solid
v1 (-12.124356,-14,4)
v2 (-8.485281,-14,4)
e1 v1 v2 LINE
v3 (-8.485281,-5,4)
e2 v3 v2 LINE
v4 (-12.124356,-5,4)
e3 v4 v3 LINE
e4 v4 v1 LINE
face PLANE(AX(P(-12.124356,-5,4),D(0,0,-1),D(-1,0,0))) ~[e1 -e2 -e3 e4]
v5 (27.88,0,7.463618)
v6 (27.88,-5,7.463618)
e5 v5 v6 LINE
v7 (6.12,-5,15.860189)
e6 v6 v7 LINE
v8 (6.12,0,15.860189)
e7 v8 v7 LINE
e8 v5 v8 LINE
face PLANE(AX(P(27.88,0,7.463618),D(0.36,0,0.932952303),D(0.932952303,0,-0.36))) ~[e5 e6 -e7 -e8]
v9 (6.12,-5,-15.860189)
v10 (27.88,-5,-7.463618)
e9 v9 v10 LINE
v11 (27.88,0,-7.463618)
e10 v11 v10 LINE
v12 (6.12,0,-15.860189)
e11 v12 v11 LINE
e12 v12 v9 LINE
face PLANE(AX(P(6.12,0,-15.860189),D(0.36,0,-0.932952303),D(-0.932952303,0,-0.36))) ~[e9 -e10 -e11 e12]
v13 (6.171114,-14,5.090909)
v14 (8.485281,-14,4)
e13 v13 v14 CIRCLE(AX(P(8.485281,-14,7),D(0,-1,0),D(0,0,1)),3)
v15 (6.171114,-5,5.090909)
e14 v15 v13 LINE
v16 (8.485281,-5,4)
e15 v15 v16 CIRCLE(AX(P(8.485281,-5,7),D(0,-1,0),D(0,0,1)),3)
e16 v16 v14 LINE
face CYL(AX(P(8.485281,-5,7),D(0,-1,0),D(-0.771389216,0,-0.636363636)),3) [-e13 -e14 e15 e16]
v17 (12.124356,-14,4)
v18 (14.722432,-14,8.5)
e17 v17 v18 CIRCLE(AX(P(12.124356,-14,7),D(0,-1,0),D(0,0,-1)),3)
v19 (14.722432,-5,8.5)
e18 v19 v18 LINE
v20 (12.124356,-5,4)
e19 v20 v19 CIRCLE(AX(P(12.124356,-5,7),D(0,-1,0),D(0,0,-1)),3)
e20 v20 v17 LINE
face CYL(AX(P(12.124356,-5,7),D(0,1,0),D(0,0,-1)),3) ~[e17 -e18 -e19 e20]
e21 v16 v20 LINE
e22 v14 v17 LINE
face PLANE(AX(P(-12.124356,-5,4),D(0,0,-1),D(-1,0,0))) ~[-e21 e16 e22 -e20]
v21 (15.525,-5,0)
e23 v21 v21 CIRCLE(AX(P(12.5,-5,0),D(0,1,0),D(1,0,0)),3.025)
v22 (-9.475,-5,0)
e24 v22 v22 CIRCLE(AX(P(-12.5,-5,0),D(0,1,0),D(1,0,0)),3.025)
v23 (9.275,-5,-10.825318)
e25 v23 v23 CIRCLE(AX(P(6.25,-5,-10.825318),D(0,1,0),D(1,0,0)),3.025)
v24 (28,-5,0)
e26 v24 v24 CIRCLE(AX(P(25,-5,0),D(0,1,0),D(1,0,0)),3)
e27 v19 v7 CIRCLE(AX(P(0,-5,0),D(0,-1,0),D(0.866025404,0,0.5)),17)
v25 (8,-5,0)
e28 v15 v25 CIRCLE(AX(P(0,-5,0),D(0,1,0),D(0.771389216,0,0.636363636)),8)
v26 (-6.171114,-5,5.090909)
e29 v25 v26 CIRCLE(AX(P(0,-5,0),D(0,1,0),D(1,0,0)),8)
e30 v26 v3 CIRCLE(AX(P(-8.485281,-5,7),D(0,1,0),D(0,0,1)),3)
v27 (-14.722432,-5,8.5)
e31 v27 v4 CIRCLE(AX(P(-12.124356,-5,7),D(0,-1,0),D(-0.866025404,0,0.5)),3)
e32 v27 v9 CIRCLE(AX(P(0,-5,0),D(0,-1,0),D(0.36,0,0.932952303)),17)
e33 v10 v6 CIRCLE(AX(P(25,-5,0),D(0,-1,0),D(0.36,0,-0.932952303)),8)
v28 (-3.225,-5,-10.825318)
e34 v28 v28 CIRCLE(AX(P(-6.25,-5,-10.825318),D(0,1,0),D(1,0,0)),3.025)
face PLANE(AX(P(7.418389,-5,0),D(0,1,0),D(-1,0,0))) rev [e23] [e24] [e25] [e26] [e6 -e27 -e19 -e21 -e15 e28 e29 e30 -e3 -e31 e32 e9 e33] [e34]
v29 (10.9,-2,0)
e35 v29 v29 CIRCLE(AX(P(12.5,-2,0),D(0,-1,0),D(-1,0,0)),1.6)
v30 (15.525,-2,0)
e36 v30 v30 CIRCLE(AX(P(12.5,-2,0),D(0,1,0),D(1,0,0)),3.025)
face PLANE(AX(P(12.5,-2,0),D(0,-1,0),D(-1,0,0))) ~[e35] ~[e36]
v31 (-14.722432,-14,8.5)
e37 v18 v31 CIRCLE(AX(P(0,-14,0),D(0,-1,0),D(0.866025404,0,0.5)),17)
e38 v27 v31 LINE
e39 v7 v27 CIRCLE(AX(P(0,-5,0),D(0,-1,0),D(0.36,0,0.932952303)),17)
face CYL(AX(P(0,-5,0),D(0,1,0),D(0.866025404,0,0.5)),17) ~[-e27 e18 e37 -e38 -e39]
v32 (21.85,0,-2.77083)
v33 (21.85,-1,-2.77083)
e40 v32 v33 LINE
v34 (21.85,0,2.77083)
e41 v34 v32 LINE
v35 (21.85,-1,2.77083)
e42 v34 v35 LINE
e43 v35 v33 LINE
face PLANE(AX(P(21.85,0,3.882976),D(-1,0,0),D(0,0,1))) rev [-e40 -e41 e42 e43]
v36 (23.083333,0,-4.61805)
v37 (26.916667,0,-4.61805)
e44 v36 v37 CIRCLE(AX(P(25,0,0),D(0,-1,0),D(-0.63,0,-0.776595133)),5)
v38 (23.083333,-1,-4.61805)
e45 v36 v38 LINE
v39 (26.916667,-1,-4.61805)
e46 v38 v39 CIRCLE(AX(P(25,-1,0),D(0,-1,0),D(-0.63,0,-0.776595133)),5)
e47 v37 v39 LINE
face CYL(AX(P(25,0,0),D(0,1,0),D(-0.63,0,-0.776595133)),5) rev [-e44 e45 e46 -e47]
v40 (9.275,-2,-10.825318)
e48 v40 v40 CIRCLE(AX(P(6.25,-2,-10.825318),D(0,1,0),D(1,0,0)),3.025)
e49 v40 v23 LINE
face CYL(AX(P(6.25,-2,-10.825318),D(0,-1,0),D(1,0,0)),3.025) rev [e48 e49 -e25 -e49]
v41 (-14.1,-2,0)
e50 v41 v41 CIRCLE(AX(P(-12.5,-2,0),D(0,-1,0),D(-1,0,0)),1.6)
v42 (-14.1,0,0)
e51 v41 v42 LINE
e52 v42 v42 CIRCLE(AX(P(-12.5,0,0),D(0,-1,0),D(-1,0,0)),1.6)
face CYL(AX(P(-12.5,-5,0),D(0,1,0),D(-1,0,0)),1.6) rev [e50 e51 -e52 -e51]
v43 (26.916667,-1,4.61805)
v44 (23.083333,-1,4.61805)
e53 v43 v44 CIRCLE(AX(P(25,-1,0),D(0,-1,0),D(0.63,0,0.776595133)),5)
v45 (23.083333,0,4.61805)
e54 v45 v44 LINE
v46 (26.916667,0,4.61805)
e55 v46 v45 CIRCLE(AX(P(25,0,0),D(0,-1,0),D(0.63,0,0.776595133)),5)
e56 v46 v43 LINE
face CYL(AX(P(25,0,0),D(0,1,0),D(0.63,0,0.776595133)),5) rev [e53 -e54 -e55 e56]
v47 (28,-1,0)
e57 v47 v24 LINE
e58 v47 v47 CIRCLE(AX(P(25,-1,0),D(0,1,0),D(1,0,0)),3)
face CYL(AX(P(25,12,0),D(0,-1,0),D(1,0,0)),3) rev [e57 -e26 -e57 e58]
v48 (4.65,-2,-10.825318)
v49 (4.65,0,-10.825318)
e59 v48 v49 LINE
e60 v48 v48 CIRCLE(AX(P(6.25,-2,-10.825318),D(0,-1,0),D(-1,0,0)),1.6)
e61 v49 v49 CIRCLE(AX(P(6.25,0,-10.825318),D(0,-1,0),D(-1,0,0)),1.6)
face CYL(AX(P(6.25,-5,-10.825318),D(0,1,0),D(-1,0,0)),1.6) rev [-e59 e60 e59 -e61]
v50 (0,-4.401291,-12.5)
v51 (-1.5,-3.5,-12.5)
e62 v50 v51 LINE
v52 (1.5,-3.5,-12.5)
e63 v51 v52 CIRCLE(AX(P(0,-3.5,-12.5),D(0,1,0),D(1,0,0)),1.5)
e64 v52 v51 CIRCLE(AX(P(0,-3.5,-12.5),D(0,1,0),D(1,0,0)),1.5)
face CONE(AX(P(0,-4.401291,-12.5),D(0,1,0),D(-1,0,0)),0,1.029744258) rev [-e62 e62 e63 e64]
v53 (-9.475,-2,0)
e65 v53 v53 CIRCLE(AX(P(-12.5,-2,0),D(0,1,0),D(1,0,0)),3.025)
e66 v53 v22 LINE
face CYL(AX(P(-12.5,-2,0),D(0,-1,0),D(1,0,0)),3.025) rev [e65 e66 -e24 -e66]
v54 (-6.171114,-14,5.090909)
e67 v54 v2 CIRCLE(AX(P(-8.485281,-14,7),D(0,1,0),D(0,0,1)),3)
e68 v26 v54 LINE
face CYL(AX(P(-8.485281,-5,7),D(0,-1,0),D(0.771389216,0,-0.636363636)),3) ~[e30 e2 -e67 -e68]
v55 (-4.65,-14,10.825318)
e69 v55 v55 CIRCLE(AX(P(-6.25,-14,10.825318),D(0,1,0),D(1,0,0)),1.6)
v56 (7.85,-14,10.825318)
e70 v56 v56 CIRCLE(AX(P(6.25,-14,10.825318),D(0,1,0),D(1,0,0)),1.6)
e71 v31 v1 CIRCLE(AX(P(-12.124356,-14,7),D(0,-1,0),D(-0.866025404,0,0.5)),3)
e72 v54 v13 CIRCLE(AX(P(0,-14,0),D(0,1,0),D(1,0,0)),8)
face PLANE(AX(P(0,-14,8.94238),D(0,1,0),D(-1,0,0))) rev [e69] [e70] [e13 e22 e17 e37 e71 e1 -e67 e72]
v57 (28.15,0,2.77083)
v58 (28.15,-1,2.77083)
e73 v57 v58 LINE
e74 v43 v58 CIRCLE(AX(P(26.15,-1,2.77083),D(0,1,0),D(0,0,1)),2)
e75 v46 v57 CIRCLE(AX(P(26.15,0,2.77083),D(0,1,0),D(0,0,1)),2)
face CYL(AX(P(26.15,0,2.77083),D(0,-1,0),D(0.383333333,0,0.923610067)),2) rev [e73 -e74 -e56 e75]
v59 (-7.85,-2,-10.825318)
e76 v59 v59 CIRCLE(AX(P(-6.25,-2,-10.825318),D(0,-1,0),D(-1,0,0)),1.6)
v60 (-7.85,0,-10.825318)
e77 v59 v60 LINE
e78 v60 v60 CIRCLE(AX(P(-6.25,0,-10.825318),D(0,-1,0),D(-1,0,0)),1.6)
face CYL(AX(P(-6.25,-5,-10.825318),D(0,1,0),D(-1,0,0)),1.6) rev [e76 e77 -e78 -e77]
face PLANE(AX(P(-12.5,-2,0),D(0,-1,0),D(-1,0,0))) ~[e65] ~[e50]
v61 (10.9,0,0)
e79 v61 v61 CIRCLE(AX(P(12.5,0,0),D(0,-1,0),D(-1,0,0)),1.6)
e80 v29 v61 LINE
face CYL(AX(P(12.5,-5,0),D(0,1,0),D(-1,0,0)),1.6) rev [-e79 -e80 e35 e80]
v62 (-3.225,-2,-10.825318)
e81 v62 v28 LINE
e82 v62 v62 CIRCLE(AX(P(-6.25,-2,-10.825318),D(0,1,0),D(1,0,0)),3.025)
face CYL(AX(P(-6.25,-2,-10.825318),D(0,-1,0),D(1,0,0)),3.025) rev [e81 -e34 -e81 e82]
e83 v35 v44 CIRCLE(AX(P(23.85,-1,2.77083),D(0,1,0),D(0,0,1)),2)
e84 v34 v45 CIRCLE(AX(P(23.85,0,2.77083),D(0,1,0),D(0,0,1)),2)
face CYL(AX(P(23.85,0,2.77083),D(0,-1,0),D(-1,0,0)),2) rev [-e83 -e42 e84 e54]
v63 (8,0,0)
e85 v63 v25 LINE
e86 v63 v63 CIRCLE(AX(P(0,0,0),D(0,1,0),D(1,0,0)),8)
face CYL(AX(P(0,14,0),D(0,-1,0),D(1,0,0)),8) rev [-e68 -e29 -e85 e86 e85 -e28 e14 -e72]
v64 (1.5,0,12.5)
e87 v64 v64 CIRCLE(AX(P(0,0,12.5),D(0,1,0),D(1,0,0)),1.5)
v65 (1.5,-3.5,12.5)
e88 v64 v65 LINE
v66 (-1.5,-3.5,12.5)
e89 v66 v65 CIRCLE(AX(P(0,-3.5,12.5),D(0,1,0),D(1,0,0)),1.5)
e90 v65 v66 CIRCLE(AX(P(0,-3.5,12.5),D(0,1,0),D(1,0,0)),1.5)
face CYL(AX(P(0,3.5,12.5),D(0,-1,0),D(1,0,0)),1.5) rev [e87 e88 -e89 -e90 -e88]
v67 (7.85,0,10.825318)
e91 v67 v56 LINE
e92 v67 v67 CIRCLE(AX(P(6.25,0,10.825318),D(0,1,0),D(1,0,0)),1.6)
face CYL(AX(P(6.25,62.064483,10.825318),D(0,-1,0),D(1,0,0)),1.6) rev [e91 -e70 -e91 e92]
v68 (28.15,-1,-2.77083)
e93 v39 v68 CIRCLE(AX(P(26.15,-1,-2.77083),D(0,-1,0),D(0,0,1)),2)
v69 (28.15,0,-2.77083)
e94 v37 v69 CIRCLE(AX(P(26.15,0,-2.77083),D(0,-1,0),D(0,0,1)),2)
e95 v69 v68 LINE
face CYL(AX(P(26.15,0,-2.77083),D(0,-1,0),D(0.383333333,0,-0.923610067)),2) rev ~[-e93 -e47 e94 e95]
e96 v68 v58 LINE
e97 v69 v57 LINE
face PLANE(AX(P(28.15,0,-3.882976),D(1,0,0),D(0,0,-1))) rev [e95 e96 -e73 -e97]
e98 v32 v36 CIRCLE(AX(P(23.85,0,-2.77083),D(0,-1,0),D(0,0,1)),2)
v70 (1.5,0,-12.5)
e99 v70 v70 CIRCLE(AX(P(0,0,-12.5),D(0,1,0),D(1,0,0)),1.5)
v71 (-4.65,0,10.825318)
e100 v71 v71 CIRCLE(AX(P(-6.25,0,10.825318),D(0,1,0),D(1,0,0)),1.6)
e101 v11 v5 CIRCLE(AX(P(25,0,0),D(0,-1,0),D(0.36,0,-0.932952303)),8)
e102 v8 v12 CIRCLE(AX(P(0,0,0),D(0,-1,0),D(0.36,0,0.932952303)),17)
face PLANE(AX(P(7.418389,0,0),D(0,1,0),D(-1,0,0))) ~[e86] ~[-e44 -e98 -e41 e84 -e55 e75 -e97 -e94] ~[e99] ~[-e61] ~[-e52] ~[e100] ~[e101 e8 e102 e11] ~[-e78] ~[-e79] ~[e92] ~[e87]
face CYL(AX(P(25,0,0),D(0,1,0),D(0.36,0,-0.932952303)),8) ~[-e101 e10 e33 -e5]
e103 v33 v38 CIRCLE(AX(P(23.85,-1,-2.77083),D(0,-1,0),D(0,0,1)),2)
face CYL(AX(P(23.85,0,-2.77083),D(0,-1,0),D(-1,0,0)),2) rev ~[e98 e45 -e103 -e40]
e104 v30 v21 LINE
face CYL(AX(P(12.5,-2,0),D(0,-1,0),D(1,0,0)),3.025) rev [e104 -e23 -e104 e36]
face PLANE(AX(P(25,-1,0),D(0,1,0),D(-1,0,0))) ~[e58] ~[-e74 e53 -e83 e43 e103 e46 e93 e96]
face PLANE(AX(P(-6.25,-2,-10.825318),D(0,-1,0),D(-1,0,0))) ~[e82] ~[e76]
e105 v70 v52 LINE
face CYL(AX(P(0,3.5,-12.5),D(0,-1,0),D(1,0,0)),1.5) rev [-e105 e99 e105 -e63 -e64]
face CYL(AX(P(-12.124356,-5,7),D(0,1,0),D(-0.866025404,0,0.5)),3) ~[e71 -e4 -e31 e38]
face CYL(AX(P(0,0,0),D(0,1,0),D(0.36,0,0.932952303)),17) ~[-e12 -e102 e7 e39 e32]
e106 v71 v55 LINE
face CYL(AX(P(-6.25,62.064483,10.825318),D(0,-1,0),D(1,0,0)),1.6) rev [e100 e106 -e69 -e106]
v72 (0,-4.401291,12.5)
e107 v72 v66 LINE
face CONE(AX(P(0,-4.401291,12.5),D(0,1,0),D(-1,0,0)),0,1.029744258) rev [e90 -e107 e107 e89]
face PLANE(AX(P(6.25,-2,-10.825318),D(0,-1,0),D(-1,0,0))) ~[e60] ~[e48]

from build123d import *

# Parameters (mm, degrees)
EXTRUDE_1_DEPTH             = 5
EXTRUDE_2_DEPTH             = 9
CUT_EXTRUDE_1_DEPTH         = 1
HOLE_WIZARD_3_0_3_1_D       = 3
HOLE_WIZARD_3_0_3_1_DEPTH   = 3.5
HOLE_WIZARD_3_0_3_1_TIP     = 0.901290929
HOLE_WIZARD_3_0_3_2_D       = 3
HOLE_WIZARD_3_0_3_2_DEPTH   = 3.5
HOLE_WIZARD_3_0_3_2_TIP     = 0.901290929
HOLE_WIZARD_M31_D           = 3.2
HOLE_WIZARD_M31_CBORE_D     = 6.05
HOLE_WIZARD_M31_CBORE_DEPTH = 3
HOLE_WIZARD_16_0_16_1_D     = 16
HOLE_WIZARD_16_0_16_1_DEPTH = 14
HOLE_WIZARD_3_2_3_2_1_D     = 3.2
HOLE_WIZARD_6_0_6_1_D       = 6
HOLE_WIZARD_6_0_6_1_DEPTH   = 13
FILLET_1_R                  = 2
FILLET_2_R                  = 3


with BuildPart() as part:
    # Эскиз1 → Бобышка-Вытянуть1 (new body)
    with BuildSketch(Plane.XZ):
        with BuildLine():
            Line((6.12, -15.860189154), (27.88, -7.463618425))
            ThreePointArc((27.88, -7.463618425), (33, 0), (27.88, 7.463618425))
            Line((27.88, 7.463618425), (6.12, 15.860189154))
            ThreePointArc((6.12, 15.860189154), (-17, 0), (6.12, -15.860189154))
        make_face()
    extrude(amount=-EXTRUDE_1_DEPTH)

    # Эскиз2 → Бобышка-Вытянуть2 (add)
    with BuildSketch(Plane(origin=(0, 5, 0), x_dir=(-1, 0, 0), z_dir=(0, 1, 0))):
        with BuildLine():
            Line((12.124355653, 4), (-12.124355653, 4))
            ThreePointArc((-12.124355653, 4), (-14.722431864, 5.5), (-14.722431864, 8.5))
            ThreePointArc((-14.722431864, 8.5), (0, 17), (14.722431864, 8.5))
            ThreePointArc((14.722431864, 8.5), (14.722431864, 5.5), (12.124355653, 4))
        make_face()
    extrude(amount=EXTRUDE_2_DEPTH)

    # Эскиз3 → Вырез-Вытянуть1 (cut)
    with BuildSketch(Plane.XZ):
        with BuildLine():
            Line((21.85, 3.882975663), (21.85, -3.882975663))
            ThreePointArc((21.85, -3.882975663), (25, -5), (28.15, -3.882975663))
            Line((28.15, -3.882975663), (28.15, 3.882975663))
            ThreePointArc((28.15, 3.882975663), (25, 5), (21.85, 3.882975663))
        make_face()
    extrude(amount=-CUT_EXTRUDE_1_DEPTH, mode=Mode.SUBTRACT)

    # Диаметр отверстия Ø3.0 (3)1
    with Locations(Plane(origin=(0, 0, 0), x_dir=(-1, 0, 0), z_dir=(0, -1, 0))):
        with Locations((0, 12.5)):
            Hole(HOLE_WIZARD_3_0_3_1_D / 2, depth=HOLE_WIZARD_3_0_3_1_DEPTH)
            with Locations((0, 0, -(HOLE_WIZARD_3_0_3_1_DEPTH + HOLE_WIZARD_3_0_3_1_TIP / 2))):  # 118° drill point
                Cone(0, HOLE_WIZARD_3_0_3_1_D / 2, HOLE_WIZARD_3_0_3_1_TIP, mode=Mode.SUBTRACT)

    # Диаметр отверстия Ø3.0 (3)2
    with Locations(Plane(origin=(0, 0, 0), x_dir=(-1, 0, 0), z_dir=(0, -1, 0))):
        with Locations((0, -12.5)):
            Hole(HOLE_WIZARD_3_0_3_2_D / 2, depth=HOLE_WIZARD_3_0_3_2_DEPTH)
            with Locations((0, 0, -(HOLE_WIZARD_3_0_3_2_DEPTH + HOLE_WIZARD_3_0_3_2_TIP / 2))):  # 118° drill point
                Cone(0, HOLE_WIZARD_3_0_3_2_D / 2, HOLE_WIZARD_3_0_3_2_TIP, mode=Mode.SUBTRACT)

    # Цековка для винта с заклепочной головкой M31 (through all)
    with Locations(Plane(origin=(0, 5, 0), x_dir=(1, 0, 0), z_dir=(0, 1, 0))):
        with Locations((12.5, 0), (6.25, 10.825317547), (-6.25, 10.825317547), (-12.5, 0)):
            CounterBoreHole(HOLE_WIZARD_M31_D / 2, HOLE_WIZARD_M31_CBORE_D / 2, HOLE_WIZARD_M31_CBORE_DEPTH)

    # Диаметр отверстия Ø16.0 (16)1
    with Locations(Plane(origin=(0, 0, 0), x_dir=(-1, 0, 0), z_dir=(0, -1, 0))):
        with Locations((0, 0)):
            Hole(HOLE_WIZARD_16_0_16_1_D / 2, depth=HOLE_WIZARD_16_0_16_1_DEPTH)

    # Диаметр отверстия Ø3.2 (3.2)1 (through all)
    with Locations(Plane(origin=(0, 0, 0), x_dir=(-1, 0, 0), z_dir=(0, -1, 0))):
        with Locations((6.25, -10.825317547), (-6.25, -10.825317547)):
            Hole(HOLE_WIZARD_3_2_3_2_1_D / 2)

    # Диаметр отверстия Ø6.0 (6)1
    with Locations(Plane(origin=(0, 1, 0), x_dir=(-1, 0, 0), z_dir=(0, -1, 0))):
        with Locations((-25, 0)):
            Hole(HOLE_WIZARD_6_0_6_1_D / 2, depth=HOLE_WIZARD_6_0_6_1_DEPTH)

    # Скругление1
    fillet_1_edges = [part.edges().sort_by_distance(p)[0] for p in [
        (21.85, 0.5, 3.882975663),
        (28.15, 0.5, 3.882975663),
        (28.15, 0.5, -3.882975663),
        (21.85, 0.5, -3.882975663),
    ]]
    fillet(fillet_1_edges, radius=FILLET_1_R)

    # Скругление2
    fillet_2_edges = [part.edges().sort_by_distance(p)[0] for p in [
        (6.92820323, 9.5, 4),
        (-6.92820323, 9.5, 4),
    ]]
    fillet(fillet_2_edges, radius=FILLET_2_R)


with BuildPart() as body_2:
    # Зеркальное отражение1: mirrored copy
    add(part.part.mirror(Plane(origin=(0, 0, 0), x_dir=(0, 0, 1), z_dir=(0, -1, 0))))


solid = body_2.part
